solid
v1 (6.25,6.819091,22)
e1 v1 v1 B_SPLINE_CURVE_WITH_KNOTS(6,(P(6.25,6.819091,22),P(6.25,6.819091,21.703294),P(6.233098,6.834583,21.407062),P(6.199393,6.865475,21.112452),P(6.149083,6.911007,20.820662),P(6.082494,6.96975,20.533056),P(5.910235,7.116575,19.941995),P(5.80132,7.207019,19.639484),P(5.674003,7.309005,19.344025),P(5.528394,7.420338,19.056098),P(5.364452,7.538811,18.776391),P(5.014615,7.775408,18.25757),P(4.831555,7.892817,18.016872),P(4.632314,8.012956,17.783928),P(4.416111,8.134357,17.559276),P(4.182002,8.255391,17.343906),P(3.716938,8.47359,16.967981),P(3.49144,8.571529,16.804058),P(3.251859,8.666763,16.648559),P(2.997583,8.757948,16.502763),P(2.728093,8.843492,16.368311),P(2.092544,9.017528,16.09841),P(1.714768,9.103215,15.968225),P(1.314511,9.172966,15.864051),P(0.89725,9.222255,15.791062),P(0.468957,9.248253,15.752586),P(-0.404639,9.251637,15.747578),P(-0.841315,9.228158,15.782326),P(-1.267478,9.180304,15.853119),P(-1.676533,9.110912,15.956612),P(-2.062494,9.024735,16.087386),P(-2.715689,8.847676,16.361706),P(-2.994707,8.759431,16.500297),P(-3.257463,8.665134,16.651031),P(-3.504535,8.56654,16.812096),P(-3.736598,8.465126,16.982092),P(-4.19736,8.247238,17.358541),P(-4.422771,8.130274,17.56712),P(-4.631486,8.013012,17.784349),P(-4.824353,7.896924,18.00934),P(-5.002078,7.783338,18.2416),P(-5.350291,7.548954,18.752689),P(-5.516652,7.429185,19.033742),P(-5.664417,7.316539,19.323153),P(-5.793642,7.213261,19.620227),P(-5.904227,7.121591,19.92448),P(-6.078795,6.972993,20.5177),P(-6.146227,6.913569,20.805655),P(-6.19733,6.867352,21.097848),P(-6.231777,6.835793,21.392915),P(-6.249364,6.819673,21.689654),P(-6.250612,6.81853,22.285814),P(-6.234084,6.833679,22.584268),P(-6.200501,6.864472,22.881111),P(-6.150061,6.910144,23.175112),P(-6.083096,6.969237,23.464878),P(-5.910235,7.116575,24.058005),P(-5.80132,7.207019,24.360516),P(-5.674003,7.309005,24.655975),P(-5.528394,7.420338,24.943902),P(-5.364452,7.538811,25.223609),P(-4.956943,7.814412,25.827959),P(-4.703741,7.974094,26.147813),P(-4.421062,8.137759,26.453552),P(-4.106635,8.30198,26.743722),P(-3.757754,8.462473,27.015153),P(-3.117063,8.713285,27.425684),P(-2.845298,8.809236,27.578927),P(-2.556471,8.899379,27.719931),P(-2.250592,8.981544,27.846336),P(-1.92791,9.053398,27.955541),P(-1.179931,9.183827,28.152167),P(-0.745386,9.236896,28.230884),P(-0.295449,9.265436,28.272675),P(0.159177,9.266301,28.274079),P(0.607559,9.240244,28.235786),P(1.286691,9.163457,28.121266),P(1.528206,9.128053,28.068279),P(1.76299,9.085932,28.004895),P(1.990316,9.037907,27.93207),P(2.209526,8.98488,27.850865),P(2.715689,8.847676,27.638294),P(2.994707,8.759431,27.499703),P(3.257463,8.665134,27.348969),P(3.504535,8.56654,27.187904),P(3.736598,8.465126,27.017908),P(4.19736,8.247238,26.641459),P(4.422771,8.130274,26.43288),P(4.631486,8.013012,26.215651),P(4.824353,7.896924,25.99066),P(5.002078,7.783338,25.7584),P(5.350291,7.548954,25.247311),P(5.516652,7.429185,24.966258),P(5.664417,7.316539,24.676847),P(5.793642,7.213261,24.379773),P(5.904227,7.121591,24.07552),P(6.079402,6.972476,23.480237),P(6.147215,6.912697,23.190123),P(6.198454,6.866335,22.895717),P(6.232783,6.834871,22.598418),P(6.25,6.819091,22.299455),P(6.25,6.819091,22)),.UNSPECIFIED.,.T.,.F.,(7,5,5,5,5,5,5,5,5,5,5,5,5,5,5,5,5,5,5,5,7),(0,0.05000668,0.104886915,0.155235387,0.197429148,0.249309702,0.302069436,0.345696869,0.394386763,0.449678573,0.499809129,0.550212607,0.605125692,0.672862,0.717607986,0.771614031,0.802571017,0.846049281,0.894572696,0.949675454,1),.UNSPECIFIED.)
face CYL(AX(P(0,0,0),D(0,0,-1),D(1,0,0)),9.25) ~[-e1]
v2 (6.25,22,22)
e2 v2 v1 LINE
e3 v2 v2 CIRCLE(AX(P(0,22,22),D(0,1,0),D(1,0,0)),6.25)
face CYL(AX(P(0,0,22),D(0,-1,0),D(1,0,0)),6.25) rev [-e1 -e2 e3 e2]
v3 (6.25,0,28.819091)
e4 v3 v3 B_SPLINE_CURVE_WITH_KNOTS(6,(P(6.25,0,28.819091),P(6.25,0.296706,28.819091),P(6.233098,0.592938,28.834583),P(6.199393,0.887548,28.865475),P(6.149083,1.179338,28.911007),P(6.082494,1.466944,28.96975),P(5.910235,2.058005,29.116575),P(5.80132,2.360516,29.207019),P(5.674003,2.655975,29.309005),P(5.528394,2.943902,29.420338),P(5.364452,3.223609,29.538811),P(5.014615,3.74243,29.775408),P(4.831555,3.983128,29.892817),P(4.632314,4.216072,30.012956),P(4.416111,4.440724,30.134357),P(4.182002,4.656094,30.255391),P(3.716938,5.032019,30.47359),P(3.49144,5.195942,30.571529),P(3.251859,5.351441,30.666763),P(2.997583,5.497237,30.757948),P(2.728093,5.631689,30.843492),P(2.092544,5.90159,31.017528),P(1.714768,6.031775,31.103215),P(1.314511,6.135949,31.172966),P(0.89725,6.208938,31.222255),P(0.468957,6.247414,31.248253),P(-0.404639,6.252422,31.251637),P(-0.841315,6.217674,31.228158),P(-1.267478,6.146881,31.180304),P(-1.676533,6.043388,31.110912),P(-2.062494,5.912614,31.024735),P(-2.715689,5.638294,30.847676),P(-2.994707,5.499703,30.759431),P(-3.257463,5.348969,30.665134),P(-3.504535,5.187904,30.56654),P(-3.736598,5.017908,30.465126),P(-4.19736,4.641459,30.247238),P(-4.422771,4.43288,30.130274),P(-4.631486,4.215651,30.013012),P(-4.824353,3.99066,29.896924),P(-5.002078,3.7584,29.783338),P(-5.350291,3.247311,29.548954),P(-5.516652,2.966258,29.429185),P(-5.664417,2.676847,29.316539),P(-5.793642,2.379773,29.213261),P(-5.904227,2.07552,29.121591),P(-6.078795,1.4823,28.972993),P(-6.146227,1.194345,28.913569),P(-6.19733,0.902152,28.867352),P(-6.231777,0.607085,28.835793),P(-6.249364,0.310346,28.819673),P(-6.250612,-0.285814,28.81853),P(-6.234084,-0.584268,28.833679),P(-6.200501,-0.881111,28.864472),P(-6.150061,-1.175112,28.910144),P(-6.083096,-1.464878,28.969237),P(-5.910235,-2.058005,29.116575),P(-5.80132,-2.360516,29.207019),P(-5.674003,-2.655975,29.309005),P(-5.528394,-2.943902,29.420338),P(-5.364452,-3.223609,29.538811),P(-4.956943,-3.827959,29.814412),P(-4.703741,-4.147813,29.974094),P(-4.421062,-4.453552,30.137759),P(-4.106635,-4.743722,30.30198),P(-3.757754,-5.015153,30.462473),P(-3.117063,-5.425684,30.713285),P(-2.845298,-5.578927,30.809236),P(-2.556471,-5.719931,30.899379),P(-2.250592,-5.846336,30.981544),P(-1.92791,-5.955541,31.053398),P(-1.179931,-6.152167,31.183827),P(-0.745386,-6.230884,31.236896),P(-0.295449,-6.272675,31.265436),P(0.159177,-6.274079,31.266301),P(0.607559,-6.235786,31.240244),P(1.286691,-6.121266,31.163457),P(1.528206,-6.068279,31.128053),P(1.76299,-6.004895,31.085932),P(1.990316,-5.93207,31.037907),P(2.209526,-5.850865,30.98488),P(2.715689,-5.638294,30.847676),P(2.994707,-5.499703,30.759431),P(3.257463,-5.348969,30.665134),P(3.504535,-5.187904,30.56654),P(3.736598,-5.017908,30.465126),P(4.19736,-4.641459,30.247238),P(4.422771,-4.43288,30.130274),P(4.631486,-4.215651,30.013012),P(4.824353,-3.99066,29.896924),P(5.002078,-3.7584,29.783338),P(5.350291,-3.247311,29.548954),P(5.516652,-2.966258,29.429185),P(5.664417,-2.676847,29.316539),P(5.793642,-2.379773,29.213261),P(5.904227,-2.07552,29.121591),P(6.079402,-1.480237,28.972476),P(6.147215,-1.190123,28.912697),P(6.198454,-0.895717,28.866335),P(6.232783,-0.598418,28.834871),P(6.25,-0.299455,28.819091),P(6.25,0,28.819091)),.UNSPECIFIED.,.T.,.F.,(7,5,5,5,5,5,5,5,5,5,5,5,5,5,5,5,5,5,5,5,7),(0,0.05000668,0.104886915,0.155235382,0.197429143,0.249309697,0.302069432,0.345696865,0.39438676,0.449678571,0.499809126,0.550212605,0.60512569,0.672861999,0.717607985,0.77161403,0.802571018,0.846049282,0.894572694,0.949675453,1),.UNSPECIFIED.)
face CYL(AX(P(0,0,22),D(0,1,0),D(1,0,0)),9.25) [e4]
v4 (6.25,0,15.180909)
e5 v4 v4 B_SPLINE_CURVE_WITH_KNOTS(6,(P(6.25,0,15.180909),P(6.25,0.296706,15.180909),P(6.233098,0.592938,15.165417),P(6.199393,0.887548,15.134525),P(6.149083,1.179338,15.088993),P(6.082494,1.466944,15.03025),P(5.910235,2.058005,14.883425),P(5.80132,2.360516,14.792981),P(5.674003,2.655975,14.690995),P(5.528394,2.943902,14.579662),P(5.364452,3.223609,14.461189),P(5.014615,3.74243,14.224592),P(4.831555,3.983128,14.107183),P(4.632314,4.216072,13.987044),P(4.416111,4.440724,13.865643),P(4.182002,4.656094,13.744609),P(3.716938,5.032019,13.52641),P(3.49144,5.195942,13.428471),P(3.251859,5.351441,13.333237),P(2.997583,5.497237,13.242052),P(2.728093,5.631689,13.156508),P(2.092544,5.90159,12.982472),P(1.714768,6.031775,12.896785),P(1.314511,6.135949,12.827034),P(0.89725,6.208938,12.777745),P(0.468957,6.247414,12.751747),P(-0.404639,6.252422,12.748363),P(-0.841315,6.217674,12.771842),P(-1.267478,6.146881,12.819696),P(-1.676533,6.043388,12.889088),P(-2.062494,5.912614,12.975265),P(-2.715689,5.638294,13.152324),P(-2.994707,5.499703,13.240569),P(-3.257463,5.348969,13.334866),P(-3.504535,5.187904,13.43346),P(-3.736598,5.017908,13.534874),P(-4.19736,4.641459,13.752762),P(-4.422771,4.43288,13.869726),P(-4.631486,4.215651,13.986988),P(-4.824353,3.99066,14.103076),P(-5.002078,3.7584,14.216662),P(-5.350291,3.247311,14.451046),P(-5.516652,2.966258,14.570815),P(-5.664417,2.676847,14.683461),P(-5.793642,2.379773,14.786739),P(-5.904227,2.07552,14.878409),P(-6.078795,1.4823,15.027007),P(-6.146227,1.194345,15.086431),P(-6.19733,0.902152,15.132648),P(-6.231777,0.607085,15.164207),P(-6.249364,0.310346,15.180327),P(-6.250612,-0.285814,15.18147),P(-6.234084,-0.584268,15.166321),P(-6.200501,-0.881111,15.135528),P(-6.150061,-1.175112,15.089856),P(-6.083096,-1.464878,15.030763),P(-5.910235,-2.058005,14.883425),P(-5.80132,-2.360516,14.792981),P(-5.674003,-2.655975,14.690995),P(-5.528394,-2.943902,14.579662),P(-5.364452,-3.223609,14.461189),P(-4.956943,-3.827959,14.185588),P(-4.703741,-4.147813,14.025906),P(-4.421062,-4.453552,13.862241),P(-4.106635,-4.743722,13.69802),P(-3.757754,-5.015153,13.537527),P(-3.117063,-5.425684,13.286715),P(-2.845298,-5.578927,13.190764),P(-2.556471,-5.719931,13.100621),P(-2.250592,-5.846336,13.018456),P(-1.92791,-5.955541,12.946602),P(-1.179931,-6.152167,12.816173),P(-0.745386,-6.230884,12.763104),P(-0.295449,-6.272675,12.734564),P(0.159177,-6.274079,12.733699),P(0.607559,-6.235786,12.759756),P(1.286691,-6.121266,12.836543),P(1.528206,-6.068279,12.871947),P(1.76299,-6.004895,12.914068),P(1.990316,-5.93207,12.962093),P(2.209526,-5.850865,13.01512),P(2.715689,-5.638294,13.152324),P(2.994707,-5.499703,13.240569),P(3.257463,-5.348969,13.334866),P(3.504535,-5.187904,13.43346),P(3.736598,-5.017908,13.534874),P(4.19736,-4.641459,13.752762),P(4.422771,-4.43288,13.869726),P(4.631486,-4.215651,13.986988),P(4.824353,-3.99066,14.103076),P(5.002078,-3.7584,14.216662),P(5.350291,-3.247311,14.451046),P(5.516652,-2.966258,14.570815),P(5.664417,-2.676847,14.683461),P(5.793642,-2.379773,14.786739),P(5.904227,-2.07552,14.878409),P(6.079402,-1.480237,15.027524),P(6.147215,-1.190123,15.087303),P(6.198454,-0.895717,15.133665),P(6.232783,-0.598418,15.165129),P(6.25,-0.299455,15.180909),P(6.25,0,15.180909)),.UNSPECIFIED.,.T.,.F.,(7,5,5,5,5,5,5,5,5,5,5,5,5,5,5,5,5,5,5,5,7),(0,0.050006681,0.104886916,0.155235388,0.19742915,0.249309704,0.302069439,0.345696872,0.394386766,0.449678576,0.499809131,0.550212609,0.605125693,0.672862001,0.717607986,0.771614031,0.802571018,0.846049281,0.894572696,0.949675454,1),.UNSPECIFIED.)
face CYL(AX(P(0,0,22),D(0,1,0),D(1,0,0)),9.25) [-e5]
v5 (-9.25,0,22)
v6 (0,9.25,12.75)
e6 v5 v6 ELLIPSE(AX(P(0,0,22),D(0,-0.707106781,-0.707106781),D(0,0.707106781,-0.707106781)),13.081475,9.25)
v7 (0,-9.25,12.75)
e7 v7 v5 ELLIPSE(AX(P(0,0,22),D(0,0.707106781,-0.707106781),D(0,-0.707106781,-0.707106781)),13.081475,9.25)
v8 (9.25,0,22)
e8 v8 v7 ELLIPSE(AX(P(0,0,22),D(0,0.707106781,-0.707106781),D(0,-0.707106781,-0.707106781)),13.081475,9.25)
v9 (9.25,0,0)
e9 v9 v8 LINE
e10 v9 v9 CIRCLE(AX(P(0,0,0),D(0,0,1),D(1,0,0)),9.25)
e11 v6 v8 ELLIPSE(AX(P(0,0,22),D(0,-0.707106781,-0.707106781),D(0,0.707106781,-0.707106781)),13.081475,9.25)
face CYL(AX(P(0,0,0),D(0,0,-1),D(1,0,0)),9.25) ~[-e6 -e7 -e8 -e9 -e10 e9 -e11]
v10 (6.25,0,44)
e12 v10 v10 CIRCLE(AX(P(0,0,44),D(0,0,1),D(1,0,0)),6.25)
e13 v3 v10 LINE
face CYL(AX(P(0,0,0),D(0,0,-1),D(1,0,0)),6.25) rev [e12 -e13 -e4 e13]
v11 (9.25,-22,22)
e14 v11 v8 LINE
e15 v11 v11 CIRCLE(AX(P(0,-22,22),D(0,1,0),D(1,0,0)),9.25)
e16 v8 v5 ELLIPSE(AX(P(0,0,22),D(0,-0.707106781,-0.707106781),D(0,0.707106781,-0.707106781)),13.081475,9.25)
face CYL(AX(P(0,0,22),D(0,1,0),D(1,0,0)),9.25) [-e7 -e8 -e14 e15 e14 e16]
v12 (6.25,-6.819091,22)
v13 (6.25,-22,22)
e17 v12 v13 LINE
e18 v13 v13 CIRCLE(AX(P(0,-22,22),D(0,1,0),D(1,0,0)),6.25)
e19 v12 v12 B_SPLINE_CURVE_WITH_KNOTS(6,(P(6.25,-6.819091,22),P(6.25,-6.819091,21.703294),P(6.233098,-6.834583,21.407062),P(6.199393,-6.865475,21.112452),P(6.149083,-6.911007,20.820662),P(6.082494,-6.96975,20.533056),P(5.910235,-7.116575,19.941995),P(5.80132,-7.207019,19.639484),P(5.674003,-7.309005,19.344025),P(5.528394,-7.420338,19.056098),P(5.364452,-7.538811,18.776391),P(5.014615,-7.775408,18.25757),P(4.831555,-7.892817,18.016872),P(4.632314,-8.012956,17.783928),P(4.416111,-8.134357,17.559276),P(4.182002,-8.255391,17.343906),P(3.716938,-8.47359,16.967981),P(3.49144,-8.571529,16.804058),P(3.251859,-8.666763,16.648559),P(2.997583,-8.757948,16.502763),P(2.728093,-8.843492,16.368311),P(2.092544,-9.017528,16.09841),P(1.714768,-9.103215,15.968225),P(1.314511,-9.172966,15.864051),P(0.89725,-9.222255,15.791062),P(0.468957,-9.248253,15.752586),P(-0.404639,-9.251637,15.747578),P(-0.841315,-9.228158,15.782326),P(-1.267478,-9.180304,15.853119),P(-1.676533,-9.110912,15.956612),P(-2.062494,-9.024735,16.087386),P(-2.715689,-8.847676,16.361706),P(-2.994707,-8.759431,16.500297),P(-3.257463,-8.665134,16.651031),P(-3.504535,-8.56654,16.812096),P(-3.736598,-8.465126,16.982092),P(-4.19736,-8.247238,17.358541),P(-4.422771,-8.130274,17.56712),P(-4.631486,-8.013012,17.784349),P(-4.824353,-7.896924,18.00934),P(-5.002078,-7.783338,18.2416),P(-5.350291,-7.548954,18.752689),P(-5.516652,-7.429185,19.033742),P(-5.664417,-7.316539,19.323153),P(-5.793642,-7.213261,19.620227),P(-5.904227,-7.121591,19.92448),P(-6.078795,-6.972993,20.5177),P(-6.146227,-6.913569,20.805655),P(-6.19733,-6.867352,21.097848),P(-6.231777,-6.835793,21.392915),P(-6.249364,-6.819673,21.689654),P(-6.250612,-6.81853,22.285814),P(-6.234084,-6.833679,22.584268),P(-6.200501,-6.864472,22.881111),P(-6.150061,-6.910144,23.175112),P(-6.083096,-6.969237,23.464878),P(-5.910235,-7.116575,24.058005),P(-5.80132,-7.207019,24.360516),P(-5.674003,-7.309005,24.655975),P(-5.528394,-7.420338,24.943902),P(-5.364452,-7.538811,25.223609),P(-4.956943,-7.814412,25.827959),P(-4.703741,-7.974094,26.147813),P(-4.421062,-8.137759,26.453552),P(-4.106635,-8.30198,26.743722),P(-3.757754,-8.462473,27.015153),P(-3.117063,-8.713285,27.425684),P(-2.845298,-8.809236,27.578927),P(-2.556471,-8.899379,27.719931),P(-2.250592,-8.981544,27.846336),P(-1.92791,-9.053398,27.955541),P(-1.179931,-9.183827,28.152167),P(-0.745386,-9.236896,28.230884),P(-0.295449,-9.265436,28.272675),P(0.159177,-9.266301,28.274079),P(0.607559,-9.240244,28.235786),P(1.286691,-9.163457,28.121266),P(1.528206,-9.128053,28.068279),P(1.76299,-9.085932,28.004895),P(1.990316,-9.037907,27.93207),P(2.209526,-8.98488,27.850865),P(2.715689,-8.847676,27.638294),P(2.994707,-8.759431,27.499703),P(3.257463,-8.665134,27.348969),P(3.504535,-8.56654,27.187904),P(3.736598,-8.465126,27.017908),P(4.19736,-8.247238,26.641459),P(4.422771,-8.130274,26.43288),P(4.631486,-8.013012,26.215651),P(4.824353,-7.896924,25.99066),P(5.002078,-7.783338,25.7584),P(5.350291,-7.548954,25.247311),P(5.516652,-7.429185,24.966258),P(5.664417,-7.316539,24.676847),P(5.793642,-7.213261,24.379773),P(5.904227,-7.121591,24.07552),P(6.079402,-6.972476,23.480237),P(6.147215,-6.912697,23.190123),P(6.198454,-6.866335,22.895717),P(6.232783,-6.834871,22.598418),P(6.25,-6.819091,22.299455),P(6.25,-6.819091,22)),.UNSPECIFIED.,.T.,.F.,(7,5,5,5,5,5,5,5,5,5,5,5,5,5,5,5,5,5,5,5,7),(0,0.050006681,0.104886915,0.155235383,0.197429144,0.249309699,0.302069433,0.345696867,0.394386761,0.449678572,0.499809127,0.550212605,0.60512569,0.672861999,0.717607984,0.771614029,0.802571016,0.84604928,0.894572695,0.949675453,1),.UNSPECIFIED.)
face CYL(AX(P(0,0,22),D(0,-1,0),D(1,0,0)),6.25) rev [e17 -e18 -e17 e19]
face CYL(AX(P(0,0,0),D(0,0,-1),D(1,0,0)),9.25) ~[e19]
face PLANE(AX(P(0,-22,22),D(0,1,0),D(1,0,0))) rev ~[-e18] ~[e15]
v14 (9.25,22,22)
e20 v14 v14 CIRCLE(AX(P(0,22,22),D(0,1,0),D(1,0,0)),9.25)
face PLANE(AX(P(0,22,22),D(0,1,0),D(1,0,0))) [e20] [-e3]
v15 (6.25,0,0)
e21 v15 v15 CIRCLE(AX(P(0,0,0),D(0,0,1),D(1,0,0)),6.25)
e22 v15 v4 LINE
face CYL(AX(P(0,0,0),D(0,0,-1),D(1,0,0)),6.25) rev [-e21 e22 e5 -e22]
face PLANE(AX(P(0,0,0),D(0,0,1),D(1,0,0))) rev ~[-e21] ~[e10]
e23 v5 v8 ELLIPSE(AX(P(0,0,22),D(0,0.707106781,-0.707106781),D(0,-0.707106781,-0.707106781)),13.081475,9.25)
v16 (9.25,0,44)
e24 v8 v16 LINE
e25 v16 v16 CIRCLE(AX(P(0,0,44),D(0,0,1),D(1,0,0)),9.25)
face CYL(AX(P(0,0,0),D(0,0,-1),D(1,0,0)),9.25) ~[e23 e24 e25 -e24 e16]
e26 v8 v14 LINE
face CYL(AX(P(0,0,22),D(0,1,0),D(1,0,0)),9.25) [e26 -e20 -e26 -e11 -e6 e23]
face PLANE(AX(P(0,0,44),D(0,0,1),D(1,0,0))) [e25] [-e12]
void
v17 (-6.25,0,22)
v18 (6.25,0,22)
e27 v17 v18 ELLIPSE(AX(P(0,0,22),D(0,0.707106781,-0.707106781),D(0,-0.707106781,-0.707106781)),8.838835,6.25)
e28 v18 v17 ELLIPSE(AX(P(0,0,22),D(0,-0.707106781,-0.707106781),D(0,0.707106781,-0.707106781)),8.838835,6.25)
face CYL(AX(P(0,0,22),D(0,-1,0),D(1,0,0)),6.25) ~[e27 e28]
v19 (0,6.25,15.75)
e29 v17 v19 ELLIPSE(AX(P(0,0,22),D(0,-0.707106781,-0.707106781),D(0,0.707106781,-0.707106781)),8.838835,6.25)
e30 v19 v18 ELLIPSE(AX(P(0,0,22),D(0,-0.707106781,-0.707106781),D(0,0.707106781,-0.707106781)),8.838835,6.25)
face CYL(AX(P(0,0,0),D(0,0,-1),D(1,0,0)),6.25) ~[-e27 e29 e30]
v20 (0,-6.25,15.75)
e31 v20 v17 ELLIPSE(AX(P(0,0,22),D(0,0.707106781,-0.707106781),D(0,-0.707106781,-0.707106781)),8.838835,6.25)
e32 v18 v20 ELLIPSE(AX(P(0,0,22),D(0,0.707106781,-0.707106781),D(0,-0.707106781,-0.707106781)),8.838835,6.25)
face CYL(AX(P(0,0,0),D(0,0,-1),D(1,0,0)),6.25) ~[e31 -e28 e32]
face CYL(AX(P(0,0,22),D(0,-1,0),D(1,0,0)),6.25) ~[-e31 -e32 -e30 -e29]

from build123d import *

# Parameters (mm, degrees)
SKETCH1_R           = 9.25
SKETCH1_R_2         = 6.25
EXTRUDE_THIN3_DEPTH = 44
SKETCH3_R           = 9.25
SKETCH3_R_2         = 6.25
EXTRUDE_THIN4_DEPTH = 22


with BuildPart() as part:
    # Sketch1 → Extrude-Thin3 (new body)
    with BuildSketch(Plane.XY):
        Circle(SKETCH1_R)
        Circle(SKETCH1_R_2, mode=Mode.SUBTRACT)
    extrude(amount=EXTRUDE_THIN3_DEPTH)

    # Sketch3 → Extrude-Thin4 (add, symmetric)
    with BuildSketch(Plane(origin=(0, 0, 0), x_dir=(1, 0, 0), z_dir=(0, 1, 0))):
        with Locations((0, -22)):
            Circle(SKETCH3_R)
        with Locations((0, -22)):
            Circle(SKETCH3_R_2, mode=Mode.SUBTRACT)
    extrude(amount=EXTRUDE_THIN4_DEPTH, both=True)


solid = part.part
